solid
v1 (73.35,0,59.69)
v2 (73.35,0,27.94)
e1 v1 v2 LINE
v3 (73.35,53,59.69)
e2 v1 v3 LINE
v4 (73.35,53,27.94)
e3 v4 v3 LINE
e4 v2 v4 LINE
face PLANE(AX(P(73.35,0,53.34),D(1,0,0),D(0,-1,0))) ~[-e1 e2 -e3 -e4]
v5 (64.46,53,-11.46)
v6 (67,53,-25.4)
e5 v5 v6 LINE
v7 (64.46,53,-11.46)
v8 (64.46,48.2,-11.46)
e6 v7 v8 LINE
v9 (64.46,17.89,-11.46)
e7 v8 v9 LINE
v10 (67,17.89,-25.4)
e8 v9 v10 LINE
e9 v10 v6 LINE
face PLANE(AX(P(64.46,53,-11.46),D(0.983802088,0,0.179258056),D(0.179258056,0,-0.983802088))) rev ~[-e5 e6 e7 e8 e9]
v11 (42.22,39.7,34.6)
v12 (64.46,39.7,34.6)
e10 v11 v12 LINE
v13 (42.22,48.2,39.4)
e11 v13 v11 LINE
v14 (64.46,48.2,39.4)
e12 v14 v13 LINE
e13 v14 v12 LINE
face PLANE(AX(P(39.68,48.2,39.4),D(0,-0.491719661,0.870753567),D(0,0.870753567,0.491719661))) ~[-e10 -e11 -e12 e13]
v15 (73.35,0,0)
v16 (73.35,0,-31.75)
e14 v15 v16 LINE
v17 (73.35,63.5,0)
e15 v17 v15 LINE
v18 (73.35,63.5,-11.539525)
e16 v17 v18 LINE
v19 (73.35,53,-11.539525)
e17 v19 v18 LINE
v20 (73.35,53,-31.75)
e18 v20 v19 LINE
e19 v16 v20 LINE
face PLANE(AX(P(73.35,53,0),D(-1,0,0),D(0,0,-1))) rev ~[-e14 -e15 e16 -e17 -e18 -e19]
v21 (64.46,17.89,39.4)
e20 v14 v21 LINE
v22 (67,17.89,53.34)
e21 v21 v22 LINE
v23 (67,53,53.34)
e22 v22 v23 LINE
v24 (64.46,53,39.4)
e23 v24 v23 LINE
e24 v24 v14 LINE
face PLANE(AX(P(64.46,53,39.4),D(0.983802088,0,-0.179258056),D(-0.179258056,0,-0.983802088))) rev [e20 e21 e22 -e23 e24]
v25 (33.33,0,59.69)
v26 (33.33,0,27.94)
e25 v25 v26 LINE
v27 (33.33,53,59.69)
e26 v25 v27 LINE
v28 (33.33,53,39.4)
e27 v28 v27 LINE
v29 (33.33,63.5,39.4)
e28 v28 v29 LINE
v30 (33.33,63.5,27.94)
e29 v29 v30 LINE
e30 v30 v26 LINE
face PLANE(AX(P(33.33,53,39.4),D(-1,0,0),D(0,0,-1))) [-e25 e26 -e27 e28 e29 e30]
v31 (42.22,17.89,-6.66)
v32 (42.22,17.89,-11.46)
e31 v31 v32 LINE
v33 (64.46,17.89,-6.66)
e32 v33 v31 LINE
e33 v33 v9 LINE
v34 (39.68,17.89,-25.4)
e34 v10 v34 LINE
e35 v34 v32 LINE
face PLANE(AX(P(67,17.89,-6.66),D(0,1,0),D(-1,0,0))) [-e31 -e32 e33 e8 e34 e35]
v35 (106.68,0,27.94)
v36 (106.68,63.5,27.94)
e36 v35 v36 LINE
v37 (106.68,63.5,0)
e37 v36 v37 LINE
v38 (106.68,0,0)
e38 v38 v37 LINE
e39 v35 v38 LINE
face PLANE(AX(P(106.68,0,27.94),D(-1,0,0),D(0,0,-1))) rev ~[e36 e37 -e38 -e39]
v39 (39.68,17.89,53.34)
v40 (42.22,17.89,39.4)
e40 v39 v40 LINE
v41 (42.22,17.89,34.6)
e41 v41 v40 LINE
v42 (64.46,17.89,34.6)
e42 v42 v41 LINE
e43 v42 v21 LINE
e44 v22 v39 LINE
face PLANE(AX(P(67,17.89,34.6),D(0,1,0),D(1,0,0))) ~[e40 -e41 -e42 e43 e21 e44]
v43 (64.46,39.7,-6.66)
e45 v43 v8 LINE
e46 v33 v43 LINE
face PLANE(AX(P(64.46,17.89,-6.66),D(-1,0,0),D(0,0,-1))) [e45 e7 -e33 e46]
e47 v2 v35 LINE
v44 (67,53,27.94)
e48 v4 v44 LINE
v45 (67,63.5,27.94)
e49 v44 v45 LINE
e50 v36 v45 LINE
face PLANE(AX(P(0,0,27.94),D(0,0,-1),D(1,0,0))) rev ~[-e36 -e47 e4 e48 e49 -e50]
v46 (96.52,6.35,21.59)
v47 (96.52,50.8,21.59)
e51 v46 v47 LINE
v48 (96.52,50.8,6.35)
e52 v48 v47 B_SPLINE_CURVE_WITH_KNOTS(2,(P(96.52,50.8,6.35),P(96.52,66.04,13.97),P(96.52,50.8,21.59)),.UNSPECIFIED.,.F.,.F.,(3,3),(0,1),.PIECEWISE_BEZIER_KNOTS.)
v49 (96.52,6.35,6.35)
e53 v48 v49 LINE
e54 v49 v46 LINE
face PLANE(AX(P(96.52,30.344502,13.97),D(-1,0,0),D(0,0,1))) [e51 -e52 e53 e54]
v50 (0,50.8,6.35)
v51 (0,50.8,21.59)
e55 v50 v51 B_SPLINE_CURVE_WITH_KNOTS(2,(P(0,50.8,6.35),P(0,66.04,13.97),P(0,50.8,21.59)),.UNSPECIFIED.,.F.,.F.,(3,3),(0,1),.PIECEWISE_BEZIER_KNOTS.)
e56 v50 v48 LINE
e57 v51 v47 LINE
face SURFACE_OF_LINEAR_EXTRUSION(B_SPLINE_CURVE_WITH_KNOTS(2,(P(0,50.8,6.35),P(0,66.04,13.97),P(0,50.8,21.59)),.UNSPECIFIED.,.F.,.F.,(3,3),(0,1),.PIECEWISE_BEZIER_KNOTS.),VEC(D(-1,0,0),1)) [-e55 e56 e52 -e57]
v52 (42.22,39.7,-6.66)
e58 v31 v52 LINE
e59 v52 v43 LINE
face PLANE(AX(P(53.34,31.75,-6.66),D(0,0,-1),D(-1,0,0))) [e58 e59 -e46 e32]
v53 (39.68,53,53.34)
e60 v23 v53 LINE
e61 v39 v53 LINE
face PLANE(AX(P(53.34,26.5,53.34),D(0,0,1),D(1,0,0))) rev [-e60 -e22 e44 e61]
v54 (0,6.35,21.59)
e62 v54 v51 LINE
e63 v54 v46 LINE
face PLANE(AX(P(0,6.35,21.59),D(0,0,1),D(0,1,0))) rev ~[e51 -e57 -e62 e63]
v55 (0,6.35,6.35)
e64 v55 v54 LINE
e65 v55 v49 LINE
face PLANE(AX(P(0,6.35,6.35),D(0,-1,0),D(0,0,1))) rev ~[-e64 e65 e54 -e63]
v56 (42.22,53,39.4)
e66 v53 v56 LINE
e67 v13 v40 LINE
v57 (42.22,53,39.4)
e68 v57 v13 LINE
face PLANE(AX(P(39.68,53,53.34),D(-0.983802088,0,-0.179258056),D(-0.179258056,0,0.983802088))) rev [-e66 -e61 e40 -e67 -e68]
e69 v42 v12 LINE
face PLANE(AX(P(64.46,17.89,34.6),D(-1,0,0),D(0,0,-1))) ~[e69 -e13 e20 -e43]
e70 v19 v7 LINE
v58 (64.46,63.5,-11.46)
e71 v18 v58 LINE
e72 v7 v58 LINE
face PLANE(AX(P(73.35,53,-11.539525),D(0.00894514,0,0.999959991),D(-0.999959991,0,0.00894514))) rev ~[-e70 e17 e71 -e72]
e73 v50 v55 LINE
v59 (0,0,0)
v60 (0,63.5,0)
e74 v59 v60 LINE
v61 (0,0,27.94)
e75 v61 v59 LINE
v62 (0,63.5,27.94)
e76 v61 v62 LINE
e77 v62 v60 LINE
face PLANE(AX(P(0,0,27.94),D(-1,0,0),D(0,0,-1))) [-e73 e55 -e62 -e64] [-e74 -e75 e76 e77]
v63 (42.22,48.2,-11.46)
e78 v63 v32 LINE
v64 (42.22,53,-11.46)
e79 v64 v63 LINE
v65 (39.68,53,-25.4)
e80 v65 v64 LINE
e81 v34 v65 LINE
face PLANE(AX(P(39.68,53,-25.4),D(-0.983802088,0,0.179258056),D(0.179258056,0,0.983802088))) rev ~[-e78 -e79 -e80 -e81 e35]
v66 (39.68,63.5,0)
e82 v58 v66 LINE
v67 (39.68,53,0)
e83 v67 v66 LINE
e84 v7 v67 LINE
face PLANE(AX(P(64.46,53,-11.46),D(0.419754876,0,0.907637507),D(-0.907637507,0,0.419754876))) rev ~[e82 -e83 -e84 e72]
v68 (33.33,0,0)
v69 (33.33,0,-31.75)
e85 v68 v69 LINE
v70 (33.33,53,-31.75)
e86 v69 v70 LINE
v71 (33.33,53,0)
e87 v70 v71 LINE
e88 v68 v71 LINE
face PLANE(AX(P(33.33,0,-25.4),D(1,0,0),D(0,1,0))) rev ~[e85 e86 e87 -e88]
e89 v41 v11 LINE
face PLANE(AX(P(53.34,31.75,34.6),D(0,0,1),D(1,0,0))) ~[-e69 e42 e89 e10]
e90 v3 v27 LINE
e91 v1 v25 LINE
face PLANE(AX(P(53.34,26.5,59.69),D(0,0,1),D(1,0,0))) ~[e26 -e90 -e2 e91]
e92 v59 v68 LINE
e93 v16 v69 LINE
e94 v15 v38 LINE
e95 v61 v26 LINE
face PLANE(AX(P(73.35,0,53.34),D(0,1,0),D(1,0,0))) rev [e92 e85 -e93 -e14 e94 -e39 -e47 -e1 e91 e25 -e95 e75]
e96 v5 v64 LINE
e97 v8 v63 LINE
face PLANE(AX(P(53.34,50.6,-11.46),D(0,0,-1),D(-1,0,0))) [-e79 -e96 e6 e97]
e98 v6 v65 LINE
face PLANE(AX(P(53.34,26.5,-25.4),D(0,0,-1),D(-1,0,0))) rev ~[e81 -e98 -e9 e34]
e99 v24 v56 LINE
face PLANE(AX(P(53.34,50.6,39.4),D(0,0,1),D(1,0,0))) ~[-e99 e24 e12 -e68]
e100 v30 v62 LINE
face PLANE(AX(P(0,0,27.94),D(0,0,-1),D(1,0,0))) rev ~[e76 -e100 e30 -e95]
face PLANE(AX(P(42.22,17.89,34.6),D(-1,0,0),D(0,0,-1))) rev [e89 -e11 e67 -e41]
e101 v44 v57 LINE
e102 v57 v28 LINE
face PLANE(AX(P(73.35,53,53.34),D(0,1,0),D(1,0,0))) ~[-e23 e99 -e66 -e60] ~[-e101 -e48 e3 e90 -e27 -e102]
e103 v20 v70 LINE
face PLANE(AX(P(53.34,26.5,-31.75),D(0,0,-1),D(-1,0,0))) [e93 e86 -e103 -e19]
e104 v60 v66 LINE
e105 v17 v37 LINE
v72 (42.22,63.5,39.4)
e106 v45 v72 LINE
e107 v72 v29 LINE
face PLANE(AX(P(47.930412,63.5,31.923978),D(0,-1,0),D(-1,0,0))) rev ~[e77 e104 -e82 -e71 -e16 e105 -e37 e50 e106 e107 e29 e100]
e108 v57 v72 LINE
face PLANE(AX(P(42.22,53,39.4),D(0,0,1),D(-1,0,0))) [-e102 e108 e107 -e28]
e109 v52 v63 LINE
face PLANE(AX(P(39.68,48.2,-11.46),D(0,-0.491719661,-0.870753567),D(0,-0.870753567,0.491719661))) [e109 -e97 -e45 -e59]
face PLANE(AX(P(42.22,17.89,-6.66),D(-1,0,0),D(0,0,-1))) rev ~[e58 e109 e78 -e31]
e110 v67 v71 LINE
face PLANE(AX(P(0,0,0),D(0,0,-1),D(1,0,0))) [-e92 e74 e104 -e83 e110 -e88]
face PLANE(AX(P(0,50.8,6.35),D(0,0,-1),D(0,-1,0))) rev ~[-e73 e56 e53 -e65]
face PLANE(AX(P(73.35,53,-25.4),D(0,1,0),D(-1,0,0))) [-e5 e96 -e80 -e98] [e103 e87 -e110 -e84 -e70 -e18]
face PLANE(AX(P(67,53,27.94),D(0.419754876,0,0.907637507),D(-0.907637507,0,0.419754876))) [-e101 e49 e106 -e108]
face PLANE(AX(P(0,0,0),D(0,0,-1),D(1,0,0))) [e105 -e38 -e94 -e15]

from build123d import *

# Parameters (mm, degrees)
SKETCH1_W            = 106.68
SKETCH1_H            = 27.94
BOSS_EXTRUDE1_DEPTH  = 63.5
CUT_EXTRUDE2_DEPTH   = 96.52
SKETCH38_W           = 40.02
SKETCH38_H           = 63.5
BOSS_EXTRUDE25_DEPTH = 6.66
SKETCH40_W           = 6.35
SKETCH40_H           = 63.5
BOSS_EXTRUDE26_DEPTH = 18.74
SKETCH41_W           = 6.35
SKETCH41_H           = 63.5
BOSS_EXTRUDE27_DEPTH = 18.74
SKETCH43_W           = 27.32
SKETCH43_H           = 17.89
BOSS_EXTRUDE28_DEPTH = 18.74
CUT_EXTRUDE13_DEPTH  = 10.5
SKETCH46_W           = 27.32
SKETCH46_H           = 4.8
BOSS_EXTRUDE29_DEPTH = 4.8
BOSS_EXTRUDE30_DEPTH = 33.36
BOSS_EXTRUDE31_DEPTH = 35.11
BOSS_EXTRUDE32_DEPTH = 35.11
SKETCH52_W           = 40.02
SKETCH52_H           = 53
BOSS_EXTRUDE33_DEPTH = 6.35
SKETCH55_W           = 2.54
SKETCH55_H           = 4.8
BOSS_EXTRUDE37_DEPTH = 35.11
SKETCH56_W           = 2.54
SKETCH56_H           = 4.8
BOSS_EXTRUDE38_DEPTH = 35.11
BOSS_EXTRUDE35_DEPTH = 10.5
BOSS_EXTRUDE36_DEPTH = 10.5


with BuildPart() as part:
    # Sketch1 → Boss-Extrude1 (new body)
    with BuildSketch(Plane(origin=(0, 0, 0), x_dir=(1, 0, 0), z_dir=(0, 1, 0))):
        with Locations((53.34, -13.97)):
            Rectangle(SKETCH1_W, SKETCH1_H)
    extrude(amount=BOSS_EXTRUDE1_DEPTH)

    # Sketch2 → Cut-Extrude2 (cut)
    with BuildSketch(Plane.ZY):
        with BuildLine():
            Line((6.35, 50.8), (6.35, 6.35))
            Line((6.35, 6.35), (21.59, 6.35))
            Line((21.59, 6.35), (21.59, 50.8))
            add(Edge.make_bspline(
                [(6.35, 50.8), (13.97, 66.04), (21.59, 50.8)],
                knots=[0, 0, 0, 1, 1, 1], degree=2))
        make_face()
    extrude(amount=-CUT_EXTRUDE2_DEPTH, mode=Mode.SUBTRACT)

    # Sketch38 → Boss-Extrude25 (add)
    with BuildSketch(Plane(origin=(0, 0, 0), x_dir=(-1, 0, 0), z_dir=(0, 0, -1))):
        with Locations((-53.34, 31.75)):
            Rectangle(SKETCH38_W, SKETCH38_H)
    boss_extrude25 = extrude(amount=BOSS_EXTRUDE25_DEPTH)

    # Sketch40 → Boss-Extrude26 (add)
    with BuildSketch(Plane(origin=(0, 0, -6.66), x_dir=(-1, 0, 0), z_dir=(0, 0, -1))):
        with Locations((-70.175, 31.75)):
            Rectangle(SKETCH40_W, SKETCH40_H)
    boss_extrude26 = extrude(amount=BOSS_EXTRUDE26_DEPTH)

    # Sketch41 → Boss-Extrude27 (add)
    with BuildSketch(Plane(origin=(0, 0, -6.66), x_dir=(-1, 0, 0), z_dir=(0, 0, -1))):
        with Locations((-36.505, 31.75)):
            Rectangle(SKETCH41_W, SKETCH41_H)
    boss_extrude27 = extrude(amount=BOSS_EXTRUDE27_DEPTH)

    # Sketch43 → Boss-Extrude28 (add)
    with BuildSketch(Plane(origin=(0, 0, -6.66), x_dir=(-1, 0, 0), z_dir=(0, 0, -1))):
        with Locations((-53.34, 8.945)):
            Rectangle(SKETCH43_W, SKETCH43_H)
    boss_extrude28 = extrude(amount=BOSS_EXTRUDE28_DEPTH)

    # Sketch44 → Cut-Extrude13 (cut)
    with BuildSketch(Plane(origin=(0, 63.5, 0), x_dir=(1, 0, 0), z_dir=(0, 1, 0))):
        Polygon((73.35, 0), (33.33, 0), (33.33, 25.4), (39.68, 25.4), (39.68, 6.66), (67, 6.66), (67, 25.4), (73.35, 25.4), align=None)
    cut_extrude13 = extrude(amount=-CUT_EXTRUDE13_DEPTH, mode=Mode.SUBTRACT)

    # Sketch46 → Boss-Extrude29 (add)
    with BuildSketch(Plane(origin=(0, 0, -6.66), x_dir=(-1, 0, 0), z_dir=(0, 0, -1))):
        with Locations((-53.34, 50.6)):
            Rectangle(SKETCH46_W, SKETCH46_H)
    boss_extrude29 = extrude(amount=BOSS_EXTRUDE29_DEPTH)

    # Sketch48 → Boss-Extrude30 (add)
    with BuildSketch(Plane(origin=(39.68, 0, 0), x_dir=(0, 0, -1), z_dir=(1, 0, 0))):
        Polygon((11.46, 48.2), (6.66, 39.7), (6.66, 48.2), align=None)
    boss_extrude30 = extrude(amount=BOSS_EXTRUDE30_DEPTH)

    # Sketch50 → Boss-Extrude31 (add)
    with BuildSketch(Plane(origin=(0, 53, 0), x_dir=(1, 0, 0), z_dir=(0, 1, 0))):
        Polygon((64.46, 11.46), (67, 25.4), (67, 11.46), align=None)
    boss_extrude31 = extrude(amount=-BOSS_EXTRUDE31_DEPTH)

    # Sketch51 → Boss-Extrude32 (add)
    with BuildSketch(Plane(origin=(0, 53, 0), x_dir=(1, 0, 0), z_dir=(0, 1, 0))):
        Polygon((42.22, 11.46), (39.68, 11.46), (39.68, 25.4), align=None)
    boss_extrude32 = extrude(amount=-BOSS_EXTRUDE32_DEPTH)

    # Sketch52 → Boss-Extrude33 (add)
    with BuildSketch(Plane(origin=(0, 0, -25.4), x_dir=(-1, 0, 0), z_dir=(0, 0, -1))):
        with Locations((-53.34, 26.5)):
            Rectangle(SKETCH52_W, SKETCH52_H)
    boss_extrude33 = extrude(amount=BOSS_EXTRUDE33_DEPTH)

    # Sketch55 → Boss-Extrude37 (add)
    with BuildSketch(Plane(origin=(0, 17.89, 0), x_dir=(1, 0, 0), z_dir=(0, 1, 0))):
        with Locations((65.73, 9.06)):
            Rectangle(SKETCH55_W, SKETCH55_H)
    boss_extrude37 = extrude(amount=BOSS_EXTRUDE37_DEPTH)

    # Sketch56 → Boss-Extrude38 (add)
    with BuildSketch(Plane(origin=(0, 17.89, 0), x_dir=(1, 0, 0), z_dir=(0, 1, 0))):
        with Locations((40.95, 9.06)):
            Rectangle(SKETCH56_W, SKETCH56_H)
    boss_extrude38 = extrude(amount=BOSS_EXTRUDE38_DEPTH)

    # Mirror5: Boss-Extrude25, Boss-Extrude26, Boss-Extrude27, Boss-Extrude28, Cut-Extrude13, Boss-Extrude29, Boss-Extrude30, Boss-Extrude31, Boss-Extrude32, Boss-Extrude33, Boss-Extrude37, Boss-Extrude38 across plane
    add(boss_extrude25.mirror(Plane(origin=(0, 0, 13.97), x_dir=(1, 0, 0), z_dir=(0, 0, -1))))
    add(boss_extrude26.mirror(Plane(origin=(0, 0, 13.97), x_dir=(1, 0, 0), z_dir=(0, 0, -1))))
    add(boss_extrude27.mirror(Plane(origin=(0, 0, 13.97), x_dir=(1, 0, 0), z_dir=(0, 0, -1))))
    add(boss_extrude28.mirror(Plane(origin=(0, 0, 13.97), x_dir=(1, 0, 0), z_dir=(0, 0, -1))))
    add(cut_extrude13.mirror(Plane(origin=(0, 0, 13.97), x_dir=(1, 0, 0), z_dir=(0, 0, -1))), mode=Mode.SUBTRACT)
    add(boss_extrude29.mirror(Plane(origin=(0, 0, 13.97), x_dir=(1, 0, 0), z_dir=(0, 0, -1))))
    add(boss_extrude30.mirror(Plane(origin=(0, 0, 13.97), x_dir=(1, 0, 0), z_dir=(0, 0, -1))))
    add(boss_extrude31.mirror(Plane(origin=(0, 0, 13.97), x_dir=(1, 0, 0), z_dir=(0, 0, -1))))
    add(boss_extrude32.mirror(Plane(origin=(0, 0, 13.97), x_dir=(1, 0, 0), z_dir=(0, 0, -1))))
    add(boss_extrude33.mirror(Plane(origin=(0, 0, 13.97), x_dir=(1, 0, 0), z_dir=(0, 0, -1))))
    add(boss_extrude37.mirror(Plane(origin=(0, 0, 13.97), x_dir=(1, 0, 0), z_dir=(0, 0, -1))))
    add(boss_extrude38.mirror(Plane(origin=(0, 0, 13.97), x_dir=(1, 0, 0), z_dir=(0, 0, -1))))

    # Sketch53 → Boss-Extrude35 (add)
    with BuildSketch(Plane(origin=(0, 53, 0), x_dir=(1, 0, 0), z_dir=(0, 1, 0))):
        Polygon((64.46, 11.46), (39.68, 0), (73.35, 0), (73.35, 11.539525475), align=None)
    extrude(amount=BOSS_EXTRUDE35_DEPTH)

    # Sketch54 → Boss-Extrude36 (add)
    with BuildSketch(Plane(origin=(0, 53, 0), x_dir=(1, 0, 0), z_dir=(0, 1, 0))):
        Polygon((42.22, -39.4), (33.33, -39.4), (33.33, -27.94), (67, -27.94), align=None)
    extrude(amount=BOSS_EXTRUDE36_DEPTH)


solid = part.part
